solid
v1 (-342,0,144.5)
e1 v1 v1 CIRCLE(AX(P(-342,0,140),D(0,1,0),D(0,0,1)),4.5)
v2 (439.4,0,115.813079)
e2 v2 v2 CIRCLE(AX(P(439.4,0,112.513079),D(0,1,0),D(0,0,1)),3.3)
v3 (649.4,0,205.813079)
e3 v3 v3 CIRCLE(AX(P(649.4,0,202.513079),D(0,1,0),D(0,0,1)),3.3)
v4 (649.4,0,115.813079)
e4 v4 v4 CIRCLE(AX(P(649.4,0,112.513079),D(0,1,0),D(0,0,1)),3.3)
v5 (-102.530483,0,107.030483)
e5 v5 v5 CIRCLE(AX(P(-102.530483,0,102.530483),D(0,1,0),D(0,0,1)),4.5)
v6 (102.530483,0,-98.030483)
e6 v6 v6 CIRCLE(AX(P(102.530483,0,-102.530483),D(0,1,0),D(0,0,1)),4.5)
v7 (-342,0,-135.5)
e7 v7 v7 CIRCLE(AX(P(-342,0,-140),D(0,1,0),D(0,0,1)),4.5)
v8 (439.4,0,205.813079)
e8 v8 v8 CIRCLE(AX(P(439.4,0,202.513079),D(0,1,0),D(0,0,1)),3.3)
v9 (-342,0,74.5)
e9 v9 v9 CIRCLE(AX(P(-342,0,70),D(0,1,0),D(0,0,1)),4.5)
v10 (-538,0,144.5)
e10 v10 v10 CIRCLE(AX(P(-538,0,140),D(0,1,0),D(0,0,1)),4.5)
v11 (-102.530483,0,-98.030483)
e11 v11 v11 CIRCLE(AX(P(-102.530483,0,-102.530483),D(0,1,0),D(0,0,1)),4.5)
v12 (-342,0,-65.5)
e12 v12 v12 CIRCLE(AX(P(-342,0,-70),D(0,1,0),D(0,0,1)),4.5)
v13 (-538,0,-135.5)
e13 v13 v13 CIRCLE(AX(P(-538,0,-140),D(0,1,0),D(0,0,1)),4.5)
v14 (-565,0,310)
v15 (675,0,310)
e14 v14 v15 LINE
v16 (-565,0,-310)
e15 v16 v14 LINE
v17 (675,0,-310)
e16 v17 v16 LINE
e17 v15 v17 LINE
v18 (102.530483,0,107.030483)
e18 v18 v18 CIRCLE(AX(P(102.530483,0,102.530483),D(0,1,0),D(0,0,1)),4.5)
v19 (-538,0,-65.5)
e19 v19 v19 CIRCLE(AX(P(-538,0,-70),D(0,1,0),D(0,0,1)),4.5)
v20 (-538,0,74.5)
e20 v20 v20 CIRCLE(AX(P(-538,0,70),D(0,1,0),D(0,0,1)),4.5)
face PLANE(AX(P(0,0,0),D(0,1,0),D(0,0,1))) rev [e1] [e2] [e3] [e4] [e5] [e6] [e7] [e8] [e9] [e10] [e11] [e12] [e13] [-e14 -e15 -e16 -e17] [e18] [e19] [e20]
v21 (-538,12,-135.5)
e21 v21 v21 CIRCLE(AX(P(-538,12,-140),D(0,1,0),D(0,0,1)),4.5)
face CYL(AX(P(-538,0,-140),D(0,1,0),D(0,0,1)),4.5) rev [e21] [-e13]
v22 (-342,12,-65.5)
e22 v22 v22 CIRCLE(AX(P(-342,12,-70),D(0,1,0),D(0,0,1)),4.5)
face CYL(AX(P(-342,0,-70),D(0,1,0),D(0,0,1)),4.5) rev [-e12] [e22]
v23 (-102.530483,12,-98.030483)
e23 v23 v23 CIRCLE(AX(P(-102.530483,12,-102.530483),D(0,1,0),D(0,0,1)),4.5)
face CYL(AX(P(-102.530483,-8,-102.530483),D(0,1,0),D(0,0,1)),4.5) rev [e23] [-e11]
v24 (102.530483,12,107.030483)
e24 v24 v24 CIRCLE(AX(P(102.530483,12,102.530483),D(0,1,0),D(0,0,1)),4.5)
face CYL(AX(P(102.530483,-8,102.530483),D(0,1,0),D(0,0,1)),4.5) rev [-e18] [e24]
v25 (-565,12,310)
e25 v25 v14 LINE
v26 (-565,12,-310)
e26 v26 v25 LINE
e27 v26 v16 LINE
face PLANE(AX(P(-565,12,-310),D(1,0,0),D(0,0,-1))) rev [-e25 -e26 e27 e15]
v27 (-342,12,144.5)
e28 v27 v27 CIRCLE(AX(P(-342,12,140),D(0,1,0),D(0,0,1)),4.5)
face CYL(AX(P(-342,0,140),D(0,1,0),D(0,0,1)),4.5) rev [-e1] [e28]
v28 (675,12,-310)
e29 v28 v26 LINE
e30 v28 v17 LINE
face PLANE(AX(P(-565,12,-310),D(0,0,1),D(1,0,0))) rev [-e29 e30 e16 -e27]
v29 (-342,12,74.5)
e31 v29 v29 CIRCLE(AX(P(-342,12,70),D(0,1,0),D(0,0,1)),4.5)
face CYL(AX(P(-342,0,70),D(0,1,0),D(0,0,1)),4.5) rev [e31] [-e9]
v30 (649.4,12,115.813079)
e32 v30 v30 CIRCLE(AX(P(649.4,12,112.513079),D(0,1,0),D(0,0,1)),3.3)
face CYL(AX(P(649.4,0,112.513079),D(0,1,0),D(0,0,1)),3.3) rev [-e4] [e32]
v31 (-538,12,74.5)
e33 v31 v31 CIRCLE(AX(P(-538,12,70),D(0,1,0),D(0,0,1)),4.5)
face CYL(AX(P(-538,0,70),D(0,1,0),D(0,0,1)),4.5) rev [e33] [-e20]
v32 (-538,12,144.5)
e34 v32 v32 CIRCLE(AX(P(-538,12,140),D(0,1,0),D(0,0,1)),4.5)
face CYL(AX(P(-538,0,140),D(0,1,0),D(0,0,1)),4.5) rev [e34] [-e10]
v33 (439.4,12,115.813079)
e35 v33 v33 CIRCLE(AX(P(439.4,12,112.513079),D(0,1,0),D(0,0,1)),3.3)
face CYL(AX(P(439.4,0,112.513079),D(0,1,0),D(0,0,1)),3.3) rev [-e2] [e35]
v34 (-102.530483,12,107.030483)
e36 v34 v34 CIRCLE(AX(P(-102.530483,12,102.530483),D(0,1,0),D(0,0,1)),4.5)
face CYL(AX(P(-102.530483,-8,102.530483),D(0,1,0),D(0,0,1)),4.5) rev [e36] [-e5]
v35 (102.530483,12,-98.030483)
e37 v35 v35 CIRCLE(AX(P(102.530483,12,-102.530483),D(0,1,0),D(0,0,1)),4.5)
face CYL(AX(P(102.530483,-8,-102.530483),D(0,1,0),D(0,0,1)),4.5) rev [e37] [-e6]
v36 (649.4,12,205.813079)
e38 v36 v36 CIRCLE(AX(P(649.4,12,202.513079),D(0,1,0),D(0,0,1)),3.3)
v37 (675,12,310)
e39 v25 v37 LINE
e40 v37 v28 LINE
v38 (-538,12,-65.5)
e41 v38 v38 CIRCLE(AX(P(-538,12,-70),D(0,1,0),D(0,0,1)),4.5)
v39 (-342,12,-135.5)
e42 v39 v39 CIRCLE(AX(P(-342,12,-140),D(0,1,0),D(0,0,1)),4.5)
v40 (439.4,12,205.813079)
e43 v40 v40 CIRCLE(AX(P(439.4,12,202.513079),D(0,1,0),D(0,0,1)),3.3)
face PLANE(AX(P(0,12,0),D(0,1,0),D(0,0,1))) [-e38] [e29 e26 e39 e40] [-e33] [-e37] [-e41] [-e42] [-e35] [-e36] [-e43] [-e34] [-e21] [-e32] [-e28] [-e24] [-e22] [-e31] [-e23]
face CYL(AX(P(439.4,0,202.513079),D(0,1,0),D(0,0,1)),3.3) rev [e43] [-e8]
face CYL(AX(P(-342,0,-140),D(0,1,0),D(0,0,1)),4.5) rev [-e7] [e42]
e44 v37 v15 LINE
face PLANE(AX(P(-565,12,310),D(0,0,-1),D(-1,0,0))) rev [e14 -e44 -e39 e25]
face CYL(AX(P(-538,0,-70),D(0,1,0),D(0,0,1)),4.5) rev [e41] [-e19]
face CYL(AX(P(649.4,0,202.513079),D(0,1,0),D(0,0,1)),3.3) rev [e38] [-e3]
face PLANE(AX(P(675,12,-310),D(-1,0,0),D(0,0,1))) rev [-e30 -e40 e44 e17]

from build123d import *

# Parameters (mm, degrees)
SKETCH_1_W                     = 1240
SKETCH_1_H                     = 620
EXTRUDE_1_DEPTH                = 12
HOPPER_START                   = 6
SKETCH_2_R                     = 4.5
HOPPER_FRAME_HOLES_DEPTH       = 6
DRIVE_START                    = 6
SKETCH_3_R                     = 4.5
DRIVE_MOUNTING_HOLES_DEPTH     = 14
HOLDER_START                   = 6
HOLDER_MOUNTING_HOLES_LAYOUT_R = 3.3
HOLDER_MOUNTING_HOLES_DEPTH    = 6


with BuildPart() as part:
    # 草图1 → 凸台-拉伸1 (new body)
    with BuildSketch(Plane(origin=(0, 0, 0), x_dir=(1, 0, 0), z_dir=(0, 1, 0))):
        with Locations((55, 0)):
            Rectangle(SKETCH_1_W, SKETCH_1_H)
    extrude(amount=EXTRUDE_1_DEPTH)

    # 草图2 → Hopper Frame Holes (cut, symmetric)
    with BuildSketch(Plane(origin=(0, 0, 0), x_dir=(1, 0, 0), z_dir=(0, 1, 0)).offset(HOPPER_START)):
        with Locations(Location((-538, 140, 0), (0, 0, 270))):
            Circle(SKETCH_2_R)
        with Locations(Location((-538, 70, 0), (0, 0, 270))):
            Circle(SKETCH_2_R)
        with Locations(Location((-538, -70, 0), (0, 0, 270))):
            Circle(SKETCH_2_R)
        with Locations(Location((-538, -140, 0), (0, 0, 270))):
            Circle(SKETCH_2_R)
        with Locations(Location((-342, 140, 0), (0, 0, 270))):
            Circle(SKETCH_2_R)
        with Locations(Location((-342, 70, 0), (0, 0, 270))):
            Circle(SKETCH_2_R)
        with Locations(Location((-342, -70, 0), (0, 0, 270))):
            Circle(SKETCH_2_R)
        with Locations(Location((-342, -140, 0), (0, 0, 270))):
            Circle(SKETCH_2_R)
    extrude(amount=HOPPER_FRAME_HOLES_DEPTH, both=True, mode=Mode.SUBTRACT)

    # 草图3 → Drive Mounting Holes (cut, symmetric)
    with BuildSketch(Plane(origin=(0, 0, 0), x_dir=(1, 0, 0), z_dir=(0, 1, 0)).offset(DRIVE_START)):
        with Locations(Location((102.530483272, 102.530483272, 0), (0, 0, 270))):
            Circle(SKETCH_3_R)
        with Locations(Location((-102.530483272, 102.530483272, 0), (0, 0, 270))):
            Circle(SKETCH_3_R)
        with Locations(Location((-102.530483272, -102.530483272, 0), (0, 0, 270))):
            Circle(SKETCH_3_R)
        with Locations(Location((102.530483272, -102.530483272, 0), (0, 0, 270))):
            Circle(SKETCH_3_R)
    extrude(amount=DRIVE_MOUNTING_HOLES_DEPTH, both=True, mode=Mode.SUBTRACT)

    # Holder Mounting Holes Layout → Holder Mounting Holes (cut, symmetric)
    with BuildSketch(Plane(origin=(0, 0, 0), x_dir=(1, 0, 0), z_dir=(0, 1, 0)).offset(HOLDER_START)):
        with Locations(Location((439.4, -202.513078806, 0), (0, 0, 270))):
            Circle(HOLDER_MOUNTING_HOLES_LAYOUT_R)
        with Locations(Location((649.4, -202.513078806, 0), (0, 0, 270))):
            Circle(HOLDER_MOUNTING_HOLES_LAYOUT_R)
        with Locations(Location((439.4, -112.513078806, 0), (0, 0, 270))):
            Circle(HOLDER_MOUNTING_HOLES_LAYOUT_R)
        with Locations(Location((649.4, -112.513078806, 0), (0, 0, 270))):
            Circle(HOLDER_MOUNTING_HOLES_LAYOUT_R)
    extrude(amount=HOLDER_MOUNTING_HOLES_DEPTH, both=True, mode=Mode.SUBTRACT)


solid = part.part
